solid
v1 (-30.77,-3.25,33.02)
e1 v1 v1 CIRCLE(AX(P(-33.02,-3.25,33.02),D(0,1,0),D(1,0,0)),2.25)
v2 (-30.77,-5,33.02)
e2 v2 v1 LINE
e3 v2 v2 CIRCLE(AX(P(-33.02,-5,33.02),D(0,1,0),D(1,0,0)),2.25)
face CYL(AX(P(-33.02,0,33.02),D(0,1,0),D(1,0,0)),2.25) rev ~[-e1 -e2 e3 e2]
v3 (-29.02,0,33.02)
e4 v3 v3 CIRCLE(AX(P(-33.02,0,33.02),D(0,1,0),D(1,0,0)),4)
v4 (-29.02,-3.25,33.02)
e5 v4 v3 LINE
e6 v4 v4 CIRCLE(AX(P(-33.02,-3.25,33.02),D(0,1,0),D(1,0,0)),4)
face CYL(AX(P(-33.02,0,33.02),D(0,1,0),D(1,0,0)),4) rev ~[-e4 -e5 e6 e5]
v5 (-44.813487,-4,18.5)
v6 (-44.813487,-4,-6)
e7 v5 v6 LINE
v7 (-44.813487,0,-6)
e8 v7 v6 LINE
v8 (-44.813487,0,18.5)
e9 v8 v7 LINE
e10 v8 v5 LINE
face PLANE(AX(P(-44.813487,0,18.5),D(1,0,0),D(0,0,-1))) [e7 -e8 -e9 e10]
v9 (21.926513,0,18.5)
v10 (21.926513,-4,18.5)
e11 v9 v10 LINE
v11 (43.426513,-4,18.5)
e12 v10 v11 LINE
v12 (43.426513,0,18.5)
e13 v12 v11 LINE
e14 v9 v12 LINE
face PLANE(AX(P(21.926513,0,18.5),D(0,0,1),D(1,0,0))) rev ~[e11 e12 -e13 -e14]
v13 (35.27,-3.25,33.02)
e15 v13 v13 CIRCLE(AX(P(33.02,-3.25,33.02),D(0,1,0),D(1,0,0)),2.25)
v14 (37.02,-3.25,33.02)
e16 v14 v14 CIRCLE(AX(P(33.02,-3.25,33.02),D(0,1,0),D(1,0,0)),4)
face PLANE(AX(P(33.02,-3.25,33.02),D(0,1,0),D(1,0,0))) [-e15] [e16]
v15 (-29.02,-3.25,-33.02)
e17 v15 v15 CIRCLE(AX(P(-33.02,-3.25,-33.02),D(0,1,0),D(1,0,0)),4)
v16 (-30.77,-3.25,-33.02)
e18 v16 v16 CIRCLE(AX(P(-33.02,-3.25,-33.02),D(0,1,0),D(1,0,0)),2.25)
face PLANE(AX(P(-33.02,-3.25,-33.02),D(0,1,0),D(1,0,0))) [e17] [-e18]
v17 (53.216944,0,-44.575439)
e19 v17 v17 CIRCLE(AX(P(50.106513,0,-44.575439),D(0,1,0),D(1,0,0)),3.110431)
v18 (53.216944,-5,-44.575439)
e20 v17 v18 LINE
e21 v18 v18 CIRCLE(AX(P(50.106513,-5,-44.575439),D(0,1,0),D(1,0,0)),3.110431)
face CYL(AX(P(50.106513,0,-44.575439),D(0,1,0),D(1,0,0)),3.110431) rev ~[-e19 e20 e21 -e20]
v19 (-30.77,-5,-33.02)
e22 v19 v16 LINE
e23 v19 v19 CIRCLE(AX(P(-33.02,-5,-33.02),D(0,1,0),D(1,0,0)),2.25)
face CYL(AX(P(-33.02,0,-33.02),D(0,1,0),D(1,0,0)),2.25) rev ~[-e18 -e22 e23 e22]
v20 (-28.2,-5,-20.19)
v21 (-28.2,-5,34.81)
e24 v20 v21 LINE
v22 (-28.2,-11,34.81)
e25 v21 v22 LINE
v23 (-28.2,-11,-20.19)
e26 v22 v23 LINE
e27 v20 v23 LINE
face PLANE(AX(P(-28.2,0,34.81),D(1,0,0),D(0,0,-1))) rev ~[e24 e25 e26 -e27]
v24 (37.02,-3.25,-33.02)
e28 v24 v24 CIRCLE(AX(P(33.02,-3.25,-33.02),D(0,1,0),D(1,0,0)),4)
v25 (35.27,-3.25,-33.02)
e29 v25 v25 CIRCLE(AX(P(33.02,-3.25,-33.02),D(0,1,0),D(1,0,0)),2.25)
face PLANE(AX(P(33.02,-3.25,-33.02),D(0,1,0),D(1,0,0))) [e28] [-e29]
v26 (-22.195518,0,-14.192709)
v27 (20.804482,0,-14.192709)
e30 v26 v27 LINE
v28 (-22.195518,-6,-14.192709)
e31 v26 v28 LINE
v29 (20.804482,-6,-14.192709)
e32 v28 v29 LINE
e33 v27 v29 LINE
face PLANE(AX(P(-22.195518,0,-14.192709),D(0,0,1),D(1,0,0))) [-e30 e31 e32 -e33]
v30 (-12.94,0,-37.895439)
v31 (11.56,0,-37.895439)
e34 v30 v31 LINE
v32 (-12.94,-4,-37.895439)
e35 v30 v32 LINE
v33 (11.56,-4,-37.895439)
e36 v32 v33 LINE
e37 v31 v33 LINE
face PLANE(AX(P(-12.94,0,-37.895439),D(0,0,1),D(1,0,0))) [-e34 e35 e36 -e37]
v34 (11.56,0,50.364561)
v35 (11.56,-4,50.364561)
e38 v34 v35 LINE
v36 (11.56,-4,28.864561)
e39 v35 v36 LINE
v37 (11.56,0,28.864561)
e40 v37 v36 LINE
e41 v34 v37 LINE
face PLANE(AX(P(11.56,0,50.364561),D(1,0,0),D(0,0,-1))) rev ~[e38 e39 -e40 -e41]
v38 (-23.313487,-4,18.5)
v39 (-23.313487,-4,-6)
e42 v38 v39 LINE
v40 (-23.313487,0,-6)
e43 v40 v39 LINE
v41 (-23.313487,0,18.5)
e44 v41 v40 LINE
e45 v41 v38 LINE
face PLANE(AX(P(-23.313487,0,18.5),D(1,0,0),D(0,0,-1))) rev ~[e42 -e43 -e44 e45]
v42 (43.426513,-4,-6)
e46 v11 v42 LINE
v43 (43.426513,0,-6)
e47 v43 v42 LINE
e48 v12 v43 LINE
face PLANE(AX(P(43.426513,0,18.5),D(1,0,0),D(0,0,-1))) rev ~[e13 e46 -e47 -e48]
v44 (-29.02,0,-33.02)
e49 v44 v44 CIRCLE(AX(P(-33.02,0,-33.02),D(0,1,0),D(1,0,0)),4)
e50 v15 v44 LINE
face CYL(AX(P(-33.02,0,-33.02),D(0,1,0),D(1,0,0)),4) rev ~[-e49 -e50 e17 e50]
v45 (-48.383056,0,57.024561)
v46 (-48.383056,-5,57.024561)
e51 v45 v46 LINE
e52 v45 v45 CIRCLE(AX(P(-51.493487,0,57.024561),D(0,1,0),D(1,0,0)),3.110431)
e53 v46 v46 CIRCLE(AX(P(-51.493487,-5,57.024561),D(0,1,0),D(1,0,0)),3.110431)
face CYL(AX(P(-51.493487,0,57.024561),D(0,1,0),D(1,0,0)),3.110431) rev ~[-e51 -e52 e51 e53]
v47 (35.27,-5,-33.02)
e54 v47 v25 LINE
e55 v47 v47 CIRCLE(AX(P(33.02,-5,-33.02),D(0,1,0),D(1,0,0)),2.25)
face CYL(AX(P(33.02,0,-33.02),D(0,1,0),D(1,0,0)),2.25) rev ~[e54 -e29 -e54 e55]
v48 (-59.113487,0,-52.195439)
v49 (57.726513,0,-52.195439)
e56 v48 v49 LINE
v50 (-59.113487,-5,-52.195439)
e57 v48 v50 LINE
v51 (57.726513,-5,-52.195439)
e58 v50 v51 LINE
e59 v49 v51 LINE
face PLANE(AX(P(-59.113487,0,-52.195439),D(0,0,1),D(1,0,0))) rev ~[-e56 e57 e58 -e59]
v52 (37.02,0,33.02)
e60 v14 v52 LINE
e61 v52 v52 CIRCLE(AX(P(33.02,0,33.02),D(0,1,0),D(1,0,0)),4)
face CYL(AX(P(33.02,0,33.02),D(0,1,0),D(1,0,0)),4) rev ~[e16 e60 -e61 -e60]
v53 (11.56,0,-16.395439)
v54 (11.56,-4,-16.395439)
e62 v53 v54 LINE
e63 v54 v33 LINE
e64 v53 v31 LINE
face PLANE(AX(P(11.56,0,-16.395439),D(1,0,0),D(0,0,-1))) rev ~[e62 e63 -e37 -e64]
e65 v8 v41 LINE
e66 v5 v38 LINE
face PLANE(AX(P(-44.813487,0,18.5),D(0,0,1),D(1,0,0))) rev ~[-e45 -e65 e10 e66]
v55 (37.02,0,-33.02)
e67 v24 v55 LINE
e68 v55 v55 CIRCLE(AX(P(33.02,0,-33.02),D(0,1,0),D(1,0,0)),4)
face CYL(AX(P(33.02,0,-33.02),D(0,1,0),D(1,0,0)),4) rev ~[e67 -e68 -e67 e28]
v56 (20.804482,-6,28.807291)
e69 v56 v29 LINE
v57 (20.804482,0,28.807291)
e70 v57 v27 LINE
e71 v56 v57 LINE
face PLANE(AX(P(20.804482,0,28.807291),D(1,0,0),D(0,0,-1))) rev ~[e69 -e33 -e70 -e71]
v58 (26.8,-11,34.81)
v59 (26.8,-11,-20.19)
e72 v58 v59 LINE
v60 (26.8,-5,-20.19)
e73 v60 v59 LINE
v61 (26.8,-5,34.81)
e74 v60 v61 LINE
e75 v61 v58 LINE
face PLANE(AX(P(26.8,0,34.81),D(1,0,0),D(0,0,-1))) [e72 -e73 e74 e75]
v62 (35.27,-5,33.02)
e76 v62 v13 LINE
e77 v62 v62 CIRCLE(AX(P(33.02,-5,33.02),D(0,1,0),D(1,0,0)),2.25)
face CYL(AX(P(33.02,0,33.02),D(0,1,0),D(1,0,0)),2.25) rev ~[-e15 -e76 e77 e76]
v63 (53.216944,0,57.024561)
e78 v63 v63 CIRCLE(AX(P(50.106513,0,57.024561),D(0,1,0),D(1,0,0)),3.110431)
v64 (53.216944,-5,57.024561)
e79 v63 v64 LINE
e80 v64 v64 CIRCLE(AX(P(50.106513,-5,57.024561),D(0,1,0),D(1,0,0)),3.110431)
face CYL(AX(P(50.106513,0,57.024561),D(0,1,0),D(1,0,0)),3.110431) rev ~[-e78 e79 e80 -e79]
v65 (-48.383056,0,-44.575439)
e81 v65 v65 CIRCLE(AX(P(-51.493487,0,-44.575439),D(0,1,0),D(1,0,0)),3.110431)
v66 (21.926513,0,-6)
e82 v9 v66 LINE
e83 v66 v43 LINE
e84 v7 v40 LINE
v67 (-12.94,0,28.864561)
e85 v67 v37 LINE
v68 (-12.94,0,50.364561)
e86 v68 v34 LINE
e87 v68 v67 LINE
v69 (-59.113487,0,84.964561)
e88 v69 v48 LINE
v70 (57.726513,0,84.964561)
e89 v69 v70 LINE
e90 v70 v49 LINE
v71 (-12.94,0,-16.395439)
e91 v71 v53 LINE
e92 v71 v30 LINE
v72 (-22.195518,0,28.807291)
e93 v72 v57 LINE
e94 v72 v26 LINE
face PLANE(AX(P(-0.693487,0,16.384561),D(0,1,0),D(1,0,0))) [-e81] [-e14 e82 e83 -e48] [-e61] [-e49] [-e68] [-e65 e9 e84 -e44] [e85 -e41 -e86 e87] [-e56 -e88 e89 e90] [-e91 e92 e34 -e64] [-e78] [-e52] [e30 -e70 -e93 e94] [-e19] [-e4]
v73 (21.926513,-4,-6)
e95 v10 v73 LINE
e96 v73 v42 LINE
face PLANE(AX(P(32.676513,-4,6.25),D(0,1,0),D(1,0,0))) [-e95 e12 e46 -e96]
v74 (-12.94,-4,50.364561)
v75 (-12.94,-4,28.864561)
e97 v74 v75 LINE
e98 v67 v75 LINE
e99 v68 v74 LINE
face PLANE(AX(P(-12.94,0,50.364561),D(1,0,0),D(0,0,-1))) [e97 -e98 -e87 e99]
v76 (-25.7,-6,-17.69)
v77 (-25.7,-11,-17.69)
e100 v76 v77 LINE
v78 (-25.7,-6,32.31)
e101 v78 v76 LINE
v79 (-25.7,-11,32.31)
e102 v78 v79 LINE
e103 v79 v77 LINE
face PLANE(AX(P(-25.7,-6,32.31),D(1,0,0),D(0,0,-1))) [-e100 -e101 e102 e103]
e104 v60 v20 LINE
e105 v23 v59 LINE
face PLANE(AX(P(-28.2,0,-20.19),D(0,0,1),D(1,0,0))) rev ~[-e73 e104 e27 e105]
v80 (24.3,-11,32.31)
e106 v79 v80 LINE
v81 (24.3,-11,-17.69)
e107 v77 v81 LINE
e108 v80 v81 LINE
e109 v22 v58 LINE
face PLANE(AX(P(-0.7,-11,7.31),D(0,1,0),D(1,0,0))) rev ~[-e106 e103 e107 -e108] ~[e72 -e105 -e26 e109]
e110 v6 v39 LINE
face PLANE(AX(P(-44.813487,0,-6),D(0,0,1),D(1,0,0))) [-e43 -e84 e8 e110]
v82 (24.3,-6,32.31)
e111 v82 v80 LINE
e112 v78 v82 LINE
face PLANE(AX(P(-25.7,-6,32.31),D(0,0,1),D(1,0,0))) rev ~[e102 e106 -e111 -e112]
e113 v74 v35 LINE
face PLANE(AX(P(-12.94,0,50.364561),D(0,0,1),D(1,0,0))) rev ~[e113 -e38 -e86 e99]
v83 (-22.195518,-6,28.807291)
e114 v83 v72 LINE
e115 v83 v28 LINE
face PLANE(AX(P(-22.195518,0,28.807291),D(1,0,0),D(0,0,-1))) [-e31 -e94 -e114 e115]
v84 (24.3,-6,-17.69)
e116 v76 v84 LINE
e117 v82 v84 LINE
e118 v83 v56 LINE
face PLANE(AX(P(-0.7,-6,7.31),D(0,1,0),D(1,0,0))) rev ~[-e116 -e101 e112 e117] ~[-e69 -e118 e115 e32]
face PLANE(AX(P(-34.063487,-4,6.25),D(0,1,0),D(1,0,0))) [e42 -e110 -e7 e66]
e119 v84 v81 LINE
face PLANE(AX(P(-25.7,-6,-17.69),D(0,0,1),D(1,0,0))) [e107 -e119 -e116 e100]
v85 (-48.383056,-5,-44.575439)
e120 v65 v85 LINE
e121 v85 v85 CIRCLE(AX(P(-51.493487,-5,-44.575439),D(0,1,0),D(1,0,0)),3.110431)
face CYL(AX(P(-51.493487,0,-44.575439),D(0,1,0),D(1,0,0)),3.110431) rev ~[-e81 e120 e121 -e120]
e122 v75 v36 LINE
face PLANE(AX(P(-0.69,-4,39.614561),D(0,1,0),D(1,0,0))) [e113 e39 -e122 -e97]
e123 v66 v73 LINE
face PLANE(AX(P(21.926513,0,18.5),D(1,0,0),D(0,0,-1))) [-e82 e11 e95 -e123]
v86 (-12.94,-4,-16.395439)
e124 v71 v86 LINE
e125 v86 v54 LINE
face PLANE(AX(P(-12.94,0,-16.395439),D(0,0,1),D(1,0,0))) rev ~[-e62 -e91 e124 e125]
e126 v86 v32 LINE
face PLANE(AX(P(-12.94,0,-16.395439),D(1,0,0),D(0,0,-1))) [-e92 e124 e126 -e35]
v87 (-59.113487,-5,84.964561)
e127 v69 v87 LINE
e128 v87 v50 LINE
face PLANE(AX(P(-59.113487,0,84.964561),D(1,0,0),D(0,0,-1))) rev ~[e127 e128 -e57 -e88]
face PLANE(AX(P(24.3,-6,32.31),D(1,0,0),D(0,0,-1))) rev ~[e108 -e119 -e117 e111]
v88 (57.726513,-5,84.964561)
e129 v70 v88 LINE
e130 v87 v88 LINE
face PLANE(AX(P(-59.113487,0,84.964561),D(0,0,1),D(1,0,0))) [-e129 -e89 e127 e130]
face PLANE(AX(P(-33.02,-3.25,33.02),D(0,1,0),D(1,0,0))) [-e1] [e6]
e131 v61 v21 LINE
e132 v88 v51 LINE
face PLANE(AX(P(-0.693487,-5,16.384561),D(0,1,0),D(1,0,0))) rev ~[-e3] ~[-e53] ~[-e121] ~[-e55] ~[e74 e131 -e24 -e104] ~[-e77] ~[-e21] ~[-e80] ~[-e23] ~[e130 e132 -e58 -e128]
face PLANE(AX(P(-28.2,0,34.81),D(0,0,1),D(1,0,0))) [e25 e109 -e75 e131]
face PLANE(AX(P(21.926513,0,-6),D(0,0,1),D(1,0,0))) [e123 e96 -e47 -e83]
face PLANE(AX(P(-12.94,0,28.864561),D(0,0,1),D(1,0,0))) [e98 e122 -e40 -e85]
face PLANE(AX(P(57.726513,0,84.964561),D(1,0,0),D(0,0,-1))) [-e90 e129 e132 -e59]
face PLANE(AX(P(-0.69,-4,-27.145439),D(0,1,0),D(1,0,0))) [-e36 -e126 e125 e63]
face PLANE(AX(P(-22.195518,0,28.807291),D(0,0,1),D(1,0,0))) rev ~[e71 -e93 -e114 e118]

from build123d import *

# Parameters (mm, degrees)
SKETCH1_W                   = 116.84
SKETCH1_H                   = 137.16
SKETCH1_R                   = 3.110430672
BOSS_EXTRUDE1_DEPTH         = 5
SKETCH12_W                  = 85
SKETCH12_H                  = 23.975046692
BOSS_EXTRUDE15_DEPTH        = 5
SKETCH17_W                  = 50
SKETCH17_H                  = 50
BOSS_EXTRUDE18_DEPTH        = 6
SKETCH10_W                  = 43
SKETCH10_H                  = 43
BOSS_EXTRUDE19_DEPTH        = 25
SKETCH19_W                  = 55
SKETCH19_H                  = 55
BOSS_EXTRUDE20_DEPTH        = 11
SKETCH20_R                  = 2.25
BOSS_EXTRUDE22_DEPTH        = 25
BOSS_EXTRUDE22_2_DEPTH      = 25
BOSS_EXTRUDE22_3_DEPTH      = 25
BOSS_EXTRUDE22_4_DEPTH      = 25
SKETCH21_W                  = 24.5
SKETCH21_H                  = 21.5
BOSS_EXTRUDE23_DEPTH        = 4
SKETCH21_W_2                = 21.5
SKETCH21_H_2                = 24.5
BOSS_EXTRUDE23_2_DEPTH      = 4
BOSS_EXTRUDE23_3_DEPTH      = 4
BOSS_EXTRUDE23_4_DEPTH      = 4
SKETCH25_R                  = 4
BOSS_EXTRUDE24_DEPTH        = 10
BOSS_EXTRUDE24_DEPTH_BACK   = 3.25
BOSS_EXTRUDE24_2_DEPTH      = 10
BOSS_EXTRUDE24_2_DEPTH_BACK = 3.25
BOSS_EXTRUDE24_3_DEPTH      = 10
BOSS_EXTRUDE24_3_DEPTH_BACK = 3.25
BOSS_EXTRUDE24_4_DEPTH      = 10
BOSS_EXTRUDE24_4_DEPTH_BACK = 3.25


with BuildPart() as part:
    # Sketch1 → Boss-Extrude1 (new body)
    with BuildSketch(Plane(origin=(0, 0, 0), x_dir=(1, 0, 0), z_dir=(0, 1, 0))):
        with Locations((-0.693486938, -16.384561015)):
            Rectangle(SKETCH1_W, SKETCH1_H)
        with Locations((-51.493486938, 44.575438985)):
            Circle(SKETCH1_R, mode=Mode.SUBTRACT)
        with Locations((50.106513062, -57.024561015)):
            Circle(SKETCH1_R, mode=Mode.SUBTRACT)
        with Locations((-51.493486938, -57.024561015)):
            Circle(SKETCH1_R, mode=Mode.SUBTRACT)
        with Locations((50.106513062, 44.575438985)):
            Circle(SKETCH1_R, mode=Mode.SUBTRACT)
    extrude(amount=-BOSS_EXTRUDE1_DEPTH)


with BuildPart() as body_2:
    # Sketch12 → Boss-Extrude15 (new body)
    with BuildSketch(Plane(origin=(0, 0, 0), x_dir=(1, 0, 0), z_dir=(0, 1, 0))):
        with Locations((0, 58)):
            Rectangle(SKETCH12_W, SKETCH12_H)
    extrude(amount=BOSS_EXTRUDE15_DEPTH)


with BuildPart() as body_3:
    # Sketch17 → Boss-Extrude18 (new body)
    with BuildSketch(Plane(origin=(0, 0, 0), x_dir=(1, 0, 0), z_dir=(0, 1, 0))):
        with Locations((-0.7, -7.31)):
            Rectangle(SKETCH17_W, SKETCH17_H)
    extrude(amount=-BOSS_EXTRUDE18_DEPTH)


with BuildPart() as body_4:
    # Sketch10 → Boss-Extrude19 (new body, symmetric)
    with BuildSketch(Plane(origin=(0, 0, 0), x_dir=(1, 0, 0), z_dir=(0, 1, 0))):
        with Locations((-0.695517903, -7.307291257)):
            Rectangle(SKETCH10_W, SKETCH10_H)
    extrude(amount=BOSS_EXTRUDE19_DEPTH, both=True)


with BuildPart() as body_5:
    # Sketch19 → Boss-Extrude20 (new body)
    with BuildSketch(Plane(origin=(0, 0, 0), x_dir=(1, 0, 0), z_dir=(0, 1, 0))):
        with Locations((-0.7, -7.31)):
            Rectangle(SKETCH19_W, SKETCH19_H)
    extrude(amount=-BOSS_EXTRUDE20_DEPTH)


with BuildPart() as part_1:
    add(part.part)

    # Combine1: cut body 2
    add(body_2.part, mode=Mode.SUBTRACT)


with BuildPart() as body_3_1:
    # Body-Move/Copy4: moved
    add(body_3.part.moved(Location((0, -6, 0))))


with BuildPart() as body_5_1:
    add(body_5.part)

    # Combine4: cut body 3
    add(body_3_1.part, mode=Mode.SUBTRACT)

    # Combine7: union part
    add(part_1.part)

    # Combine8: cut body 4
    add(body_4.part, mode=Mode.SUBTRACT)


with BuildPart() as body_2_2:
    # Sketch20 → Boss-Extrude22 (new body, symmetric)
    with BuildSketch(Plane(origin=(0, 0, 0), x_dir=(1, 0, 0), z_dir=(0, 1, 0))):
        with Locations((33.02, 33.02)):
            Circle(SKETCH20_R)
    extrude(amount=BOSS_EXTRUDE22_DEPTH, both=True)


with BuildPart() as body_3_2:
    # Sketch20 → Boss-Extrude22 2 (new body, symmetric)
    with BuildSketch(Plane(origin=(0, 0, 0), x_dir=(1, 0, 0), z_dir=(0, 1, 0))):
        with Locations((33.02, -33.02)):
            Circle(SKETCH20_R)
    extrude(amount=BOSS_EXTRUDE22_2_DEPTH, both=True)


with BuildPart() as body_4_2:
    # Sketch20 → Boss-Extrude22 3 (new body, symmetric)
    with BuildSketch(Plane(origin=(0, 0, 0), x_dir=(1, 0, 0), z_dir=(0, 1, 0))):
        with Locations((-33.02, -33.02)):
            Circle(SKETCH20_R)
    extrude(amount=BOSS_EXTRUDE22_3_DEPTH, both=True)


with BuildPart() as body_5_2:
    # Sketch20 → Boss-Extrude22 4 (new body, symmetric)
    with BuildSketch(Plane(origin=(0, 0, 0), x_dir=(1, 0, 0), z_dir=(0, 1, 0))):
        with Locations((-33.02, 33.02)):
            Circle(SKETCH20_R)
    extrude(amount=BOSS_EXTRUDE22_4_DEPTH, both=True)


with BuildPart() as body_5_3:
    add(body_5_1.part)

    # Combine9: cut body 4 2, body 3 2, body 2 2, body 5 2
    add(body_4_2.part, mode=Mode.SUBTRACT)
    add(body_3_2.part, mode=Mode.SUBTRACT)
    add(body_2_2.part, mode=Mode.SUBTRACT)
    add(body_5_2.part, mode=Mode.SUBTRACT)


with BuildPart() as body_2_3:
    # Sketch21 → Boss-Extrude23 (new body)
    with BuildSketch(Plane(origin=(0, 0, 0), x_dir=(1, 0, 0), z_dir=(0, 1, 0))):
        with Locations((-0.69, 27.145438985)):
            Rectangle(SKETCH21_W, SKETCH21_H)
    extrude(amount=-BOSS_EXTRUDE23_DEPTH)


with BuildPart() as body_3_3:
    # Sketch21 → Boss-Extrude23 2 (new body)
    with BuildSketch(Plane(origin=(0, 0, 0), x_dir=(1, 0, 0), z_dir=(0, 1, 0))):
        with Locations((32.676513062, -6.25)):
            Rectangle(SKETCH21_W_2, SKETCH21_H_2)
    extrude(amount=-BOSS_EXTRUDE23_2_DEPTH)


with BuildPart() as body_4_3:
    # Sketch21 → Boss-Extrude23 3 (new body)
    with BuildSketch(Plane(origin=(0, 0, 0), x_dir=(1, 0, 0), z_dir=(0, 1, 0))):
        with Locations((-34.063486938, -6.25)):
            Rectangle(SKETCH21_W_2, SKETCH21_H_2)
    extrude(amount=-BOSS_EXTRUDE23_3_DEPTH)


with BuildPart() as body_5_3_1:
    # Sketch21 → Boss-Extrude23 4 (new body)
    with BuildSketch(Plane(origin=(0, 0, 0), x_dir=(1, 0, 0), z_dir=(0, 1, 0))):
        with Locations((-0.69, -39.614561015)):
            Rectangle(SKETCH21_W, SKETCH21_H)
    extrude(amount=-BOSS_EXTRUDE23_4_DEPTH)


with BuildPart() as body_5_4:
    add(body_5_3.part)

    # Combine10: cut body 3 3, body 2 3, body 5 3, body 4 3
    add(body_3_3.part, mode=Mode.SUBTRACT)
    add(body_2_3.part, mode=Mode.SUBTRACT)
    add(body_5_3_1.part, mode=Mode.SUBTRACT)
    add(body_4_3.part, mode=Mode.SUBTRACT)


with BuildPart() as body_2_4:
    # Sketch25 → Boss-Extrude24 (new body, two sides)
    with BuildSketch(Plane(origin=(0, 0, 0), x_dir=(1, 0, 0), z_dir=(0, 1, 0))) as boss_extrude24_sk:
        with Locations((33.02, 33.02)):
            Circle(SKETCH25_R)
    extrude(amount=BOSS_EXTRUDE24_DEPTH)
    extrude(boss_extrude24_sk.sketch, amount=-BOSS_EXTRUDE24_DEPTH_BACK)


with BuildPart() as body_3_4:
    # Sketch25 → Boss-Extrude24 2 (new body, two sides)
    with BuildSketch(Plane(origin=(0, 0, 0), x_dir=(1, 0, 0), z_dir=(0, 1, 0))) as boss_extrude24_2_sk:
        with Locations((-33.02, 33.02)):
            Circle(SKETCH25_R)
    extrude(amount=BOSS_EXTRUDE24_2_DEPTH)
    extrude(boss_extrude24_2_sk.sketch, amount=-BOSS_EXTRUDE24_2_DEPTH_BACK)


with BuildPart() as body_4_4:
    # Sketch25 → Boss-Extrude24 3 (new body, two sides)
    with BuildSketch(Plane(origin=(0, 0, 0), x_dir=(1, 0, 0), z_dir=(0, 1, 0))) as boss_extrude24_3_sk:
        with Locations((-33.02, -33.02)):
            Circle(SKETCH25_R)
    extrude(amount=BOSS_EXTRUDE24_3_DEPTH)
    extrude(boss_extrude24_3_sk.sketch, amount=-BOSS_EXTRUDE24_3_DEPTH_BACK)


with BuildPart() as body_5_4_1:
    # Sketch25 → Boss-Extrude24 4 (new body, two sides)
    with BuildSketch(Plane(origin=(0, 0, 0), x_dir=(1, 0, 0), z_dir=(0, 1, 0))) as boss_extrude24_4_sk:
        with Locations((33.02, -33.02)):
            Circle(SKETCH25_R)
    extrude(amount=BOSS_EXTRUDE24_4_DEPTH)
    extrude(boss_extrude24_4_sk.sketch, amount=-BOSS_EXTRUDE24_4_DEPTH_BACK)


with BuildPart() as body_5_5:
    add(body_5_4.part)

    # Combine11: cut body 4 4, body 3 4, body 2 4, body 5 4
    add(body_4_4.part, mode=Mode.SUBTRACT)
    add(body_3_4.part, mode=Mode.SUBTRACT)
    add(body_2_4.part, mode=Mode.SUBTRACT)
    add(body_5_4_1.part, mode=Mode.SUBTRACT)


solid = body_5_5.part
